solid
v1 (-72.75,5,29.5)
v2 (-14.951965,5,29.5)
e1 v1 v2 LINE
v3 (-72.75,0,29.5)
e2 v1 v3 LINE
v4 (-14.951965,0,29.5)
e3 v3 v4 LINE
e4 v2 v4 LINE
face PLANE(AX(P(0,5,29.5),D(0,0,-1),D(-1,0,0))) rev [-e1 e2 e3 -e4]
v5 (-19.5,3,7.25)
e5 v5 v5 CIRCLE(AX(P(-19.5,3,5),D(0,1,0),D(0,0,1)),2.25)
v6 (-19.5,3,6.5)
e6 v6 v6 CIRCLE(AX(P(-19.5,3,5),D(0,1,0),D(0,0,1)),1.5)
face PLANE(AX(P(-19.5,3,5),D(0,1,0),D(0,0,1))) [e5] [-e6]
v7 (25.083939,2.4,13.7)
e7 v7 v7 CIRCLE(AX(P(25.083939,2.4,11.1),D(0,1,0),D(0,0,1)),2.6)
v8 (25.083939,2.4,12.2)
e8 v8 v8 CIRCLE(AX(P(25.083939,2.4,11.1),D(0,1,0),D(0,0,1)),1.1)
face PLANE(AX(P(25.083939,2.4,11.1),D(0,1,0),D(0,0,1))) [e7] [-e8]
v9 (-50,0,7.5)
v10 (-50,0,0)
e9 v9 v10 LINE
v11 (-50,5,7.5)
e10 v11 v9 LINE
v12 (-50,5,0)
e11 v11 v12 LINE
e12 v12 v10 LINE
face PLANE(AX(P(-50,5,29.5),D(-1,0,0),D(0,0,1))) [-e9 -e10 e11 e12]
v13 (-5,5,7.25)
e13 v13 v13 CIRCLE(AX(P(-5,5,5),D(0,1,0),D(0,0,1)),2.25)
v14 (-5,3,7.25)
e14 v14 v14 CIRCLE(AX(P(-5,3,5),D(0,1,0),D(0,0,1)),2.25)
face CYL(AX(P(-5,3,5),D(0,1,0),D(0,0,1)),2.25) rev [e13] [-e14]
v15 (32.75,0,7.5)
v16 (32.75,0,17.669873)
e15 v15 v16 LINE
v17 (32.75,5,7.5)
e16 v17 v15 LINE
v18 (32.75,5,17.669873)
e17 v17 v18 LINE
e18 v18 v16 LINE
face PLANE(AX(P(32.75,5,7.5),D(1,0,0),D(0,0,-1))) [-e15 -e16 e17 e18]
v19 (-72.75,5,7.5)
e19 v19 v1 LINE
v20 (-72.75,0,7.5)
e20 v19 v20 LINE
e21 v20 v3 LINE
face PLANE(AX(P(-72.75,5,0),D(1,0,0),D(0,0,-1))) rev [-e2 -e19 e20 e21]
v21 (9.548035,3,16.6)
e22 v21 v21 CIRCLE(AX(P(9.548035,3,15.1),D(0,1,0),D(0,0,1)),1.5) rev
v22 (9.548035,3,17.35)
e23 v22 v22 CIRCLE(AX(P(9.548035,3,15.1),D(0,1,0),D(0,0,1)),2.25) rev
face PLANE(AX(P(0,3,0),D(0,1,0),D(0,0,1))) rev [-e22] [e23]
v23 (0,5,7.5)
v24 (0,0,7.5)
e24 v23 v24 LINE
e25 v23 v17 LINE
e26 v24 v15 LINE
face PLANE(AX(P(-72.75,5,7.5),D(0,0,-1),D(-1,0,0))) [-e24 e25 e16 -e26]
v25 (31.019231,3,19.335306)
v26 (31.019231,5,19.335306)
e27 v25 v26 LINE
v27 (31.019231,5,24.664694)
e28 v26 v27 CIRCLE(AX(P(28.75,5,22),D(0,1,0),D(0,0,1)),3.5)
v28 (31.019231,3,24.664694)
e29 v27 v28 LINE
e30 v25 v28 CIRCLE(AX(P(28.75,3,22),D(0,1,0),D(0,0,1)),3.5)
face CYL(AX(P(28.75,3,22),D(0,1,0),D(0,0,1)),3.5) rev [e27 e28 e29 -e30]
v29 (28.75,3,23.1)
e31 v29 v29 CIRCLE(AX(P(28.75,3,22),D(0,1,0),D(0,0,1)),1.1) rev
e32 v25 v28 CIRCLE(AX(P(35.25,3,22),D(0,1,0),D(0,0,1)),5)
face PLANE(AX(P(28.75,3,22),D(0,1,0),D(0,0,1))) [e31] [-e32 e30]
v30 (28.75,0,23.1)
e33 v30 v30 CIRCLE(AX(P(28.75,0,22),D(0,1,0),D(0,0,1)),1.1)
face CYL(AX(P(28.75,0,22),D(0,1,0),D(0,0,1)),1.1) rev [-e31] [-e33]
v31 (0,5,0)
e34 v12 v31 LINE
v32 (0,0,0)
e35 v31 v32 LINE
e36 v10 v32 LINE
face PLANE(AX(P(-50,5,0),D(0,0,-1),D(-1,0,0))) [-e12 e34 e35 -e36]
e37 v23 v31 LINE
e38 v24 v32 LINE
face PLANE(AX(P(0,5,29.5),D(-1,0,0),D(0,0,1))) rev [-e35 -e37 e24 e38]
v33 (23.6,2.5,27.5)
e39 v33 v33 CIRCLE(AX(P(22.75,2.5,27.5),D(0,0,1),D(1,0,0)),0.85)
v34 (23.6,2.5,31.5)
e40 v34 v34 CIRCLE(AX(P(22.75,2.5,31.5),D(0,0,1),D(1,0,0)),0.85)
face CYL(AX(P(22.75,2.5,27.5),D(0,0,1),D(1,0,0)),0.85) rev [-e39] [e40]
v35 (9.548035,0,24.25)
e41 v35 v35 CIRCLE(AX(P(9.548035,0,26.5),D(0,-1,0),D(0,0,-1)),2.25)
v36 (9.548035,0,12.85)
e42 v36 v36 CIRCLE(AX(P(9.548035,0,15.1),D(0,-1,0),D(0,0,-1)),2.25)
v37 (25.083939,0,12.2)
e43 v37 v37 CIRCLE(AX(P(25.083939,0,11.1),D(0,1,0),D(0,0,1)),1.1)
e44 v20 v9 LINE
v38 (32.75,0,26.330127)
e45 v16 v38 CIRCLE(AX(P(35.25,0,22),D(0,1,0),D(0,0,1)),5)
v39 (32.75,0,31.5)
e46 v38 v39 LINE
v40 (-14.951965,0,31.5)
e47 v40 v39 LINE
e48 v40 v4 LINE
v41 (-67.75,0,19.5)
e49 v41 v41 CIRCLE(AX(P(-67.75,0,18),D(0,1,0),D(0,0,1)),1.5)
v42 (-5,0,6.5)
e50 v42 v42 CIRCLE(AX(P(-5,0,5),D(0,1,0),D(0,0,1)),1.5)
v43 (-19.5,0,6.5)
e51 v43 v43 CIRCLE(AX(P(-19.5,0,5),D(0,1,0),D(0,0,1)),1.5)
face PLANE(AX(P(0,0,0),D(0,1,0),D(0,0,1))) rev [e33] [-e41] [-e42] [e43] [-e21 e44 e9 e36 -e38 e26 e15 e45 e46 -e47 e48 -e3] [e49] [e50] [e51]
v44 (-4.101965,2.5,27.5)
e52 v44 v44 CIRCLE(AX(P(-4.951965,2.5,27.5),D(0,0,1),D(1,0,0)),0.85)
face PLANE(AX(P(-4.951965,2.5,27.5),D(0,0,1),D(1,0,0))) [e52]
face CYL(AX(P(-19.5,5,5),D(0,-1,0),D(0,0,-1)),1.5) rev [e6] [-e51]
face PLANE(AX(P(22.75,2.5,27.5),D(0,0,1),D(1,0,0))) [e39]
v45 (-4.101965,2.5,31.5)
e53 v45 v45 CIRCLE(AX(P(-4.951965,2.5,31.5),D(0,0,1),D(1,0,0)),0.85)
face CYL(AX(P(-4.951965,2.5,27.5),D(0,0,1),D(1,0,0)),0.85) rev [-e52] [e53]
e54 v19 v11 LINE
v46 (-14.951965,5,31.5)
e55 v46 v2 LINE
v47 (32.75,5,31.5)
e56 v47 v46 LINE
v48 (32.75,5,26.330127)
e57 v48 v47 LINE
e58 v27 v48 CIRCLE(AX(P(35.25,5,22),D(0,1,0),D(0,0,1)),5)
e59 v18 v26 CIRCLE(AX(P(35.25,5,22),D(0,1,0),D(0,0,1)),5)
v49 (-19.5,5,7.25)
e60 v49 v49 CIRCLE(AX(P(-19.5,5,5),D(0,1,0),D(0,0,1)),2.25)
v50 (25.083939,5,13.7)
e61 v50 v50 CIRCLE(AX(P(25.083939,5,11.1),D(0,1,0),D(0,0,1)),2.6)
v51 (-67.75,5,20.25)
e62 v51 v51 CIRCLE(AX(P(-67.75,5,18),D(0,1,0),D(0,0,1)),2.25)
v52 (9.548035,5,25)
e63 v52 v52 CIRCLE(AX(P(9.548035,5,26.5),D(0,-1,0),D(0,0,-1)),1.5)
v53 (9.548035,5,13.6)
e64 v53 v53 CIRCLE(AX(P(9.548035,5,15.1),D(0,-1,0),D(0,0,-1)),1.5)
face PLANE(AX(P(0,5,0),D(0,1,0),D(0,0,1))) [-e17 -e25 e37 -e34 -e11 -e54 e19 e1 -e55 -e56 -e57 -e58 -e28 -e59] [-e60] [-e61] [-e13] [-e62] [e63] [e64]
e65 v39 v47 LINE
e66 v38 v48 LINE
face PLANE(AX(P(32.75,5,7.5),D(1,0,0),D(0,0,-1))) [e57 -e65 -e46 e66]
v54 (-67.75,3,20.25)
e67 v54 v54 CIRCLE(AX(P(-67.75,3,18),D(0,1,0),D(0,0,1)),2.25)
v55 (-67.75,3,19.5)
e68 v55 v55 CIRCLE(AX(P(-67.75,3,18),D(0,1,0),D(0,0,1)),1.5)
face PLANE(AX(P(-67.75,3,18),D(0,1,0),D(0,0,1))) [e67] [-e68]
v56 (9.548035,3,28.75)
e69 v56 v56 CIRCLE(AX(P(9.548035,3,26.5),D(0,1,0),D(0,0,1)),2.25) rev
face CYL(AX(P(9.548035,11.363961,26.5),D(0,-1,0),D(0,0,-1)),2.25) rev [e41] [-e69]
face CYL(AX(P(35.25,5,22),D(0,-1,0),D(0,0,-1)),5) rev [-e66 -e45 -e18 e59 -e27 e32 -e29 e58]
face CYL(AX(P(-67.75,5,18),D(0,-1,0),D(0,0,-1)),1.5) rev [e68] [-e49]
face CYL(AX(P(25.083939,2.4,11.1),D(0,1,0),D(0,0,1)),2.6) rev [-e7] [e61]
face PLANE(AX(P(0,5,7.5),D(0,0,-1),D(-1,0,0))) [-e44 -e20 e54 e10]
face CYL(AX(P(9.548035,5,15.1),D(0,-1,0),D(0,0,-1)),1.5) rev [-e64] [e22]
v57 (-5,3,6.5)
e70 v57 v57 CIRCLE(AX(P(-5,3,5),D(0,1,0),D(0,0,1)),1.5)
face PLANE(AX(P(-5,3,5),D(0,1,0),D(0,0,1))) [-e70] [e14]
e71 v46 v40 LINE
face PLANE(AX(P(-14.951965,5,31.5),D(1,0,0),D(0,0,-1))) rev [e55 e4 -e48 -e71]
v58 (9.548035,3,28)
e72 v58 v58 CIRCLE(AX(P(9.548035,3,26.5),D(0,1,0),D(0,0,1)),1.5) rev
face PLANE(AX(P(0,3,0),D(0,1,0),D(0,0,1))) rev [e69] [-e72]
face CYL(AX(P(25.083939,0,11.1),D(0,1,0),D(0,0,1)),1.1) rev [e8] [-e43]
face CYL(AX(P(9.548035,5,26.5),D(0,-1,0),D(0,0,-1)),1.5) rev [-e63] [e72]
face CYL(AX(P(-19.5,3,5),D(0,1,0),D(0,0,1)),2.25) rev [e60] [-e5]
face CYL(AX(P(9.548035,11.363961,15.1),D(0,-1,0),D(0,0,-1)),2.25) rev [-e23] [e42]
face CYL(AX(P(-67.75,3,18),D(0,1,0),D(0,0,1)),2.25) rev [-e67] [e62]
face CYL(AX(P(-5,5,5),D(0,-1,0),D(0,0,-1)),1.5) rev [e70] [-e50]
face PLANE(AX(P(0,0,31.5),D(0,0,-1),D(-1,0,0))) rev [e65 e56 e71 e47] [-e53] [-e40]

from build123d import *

# Parameters (mm, degrees)
EXTRUDE_1_DEPTH      = 5
SKETCH_1_20_R        = 1.5
CUT_EXTRUDE_2_DEPTH  = 79.662649968
CUT_EXTRUDE_START    = 5
SKETCH_1_22_R        = 2.25
CUT_EXTRUDE_3_DEPTH  = 2
SKETCH_1_23_R        = 2.6
CUT_EXTRUDE_4_DEPTH  = 2.6
SKETCH_1_24_R        = 1.1
CUT_EXTRUDE_6_DEPTH  = 84.662649968
SKETCH_4_R           = 1.5
CUT_EXTRUDE_7_DEPTH  = 79.662649968
SKETCH_4_3_R         = 2.25
CUT_EXTRUDE_8_DEPTH  = 3
SKETCH_5_W           = 47.701964887
SKETCH_5_H           = 5
EXTRUDE_2_DEPTH      = 2
SKETCH_6_R           = 0.85
CUT_EXTRUDE_9_DEPTH  = 4
SKETCH_1_25_R        = 5
CUT_EXTRUDE_12_DEPTH = 80.434328221
SKETCH_1_26_R        = 3.5
CUT_EXTRUDE_13_DEPTH = 2


with BuildPart() as part:
    # 草图1 → 凸台-拉伸1 (new body)
    with BuildSketch(Plane(origin=(0, 0, 0), x_dir=(1, 0, 0), z_dir=(0, 1, 0))):
        Polygon((-72.75, -7.5), (-72.75, -29.5), (32.75, -29.5), (32.75, -7.5), (0, -7.5), (0, 0), (-50, 0), (-50, -7.5), align=None)
    extrude(amount=EXTRUDE_1_DEPTH)

    # 草图1<20> → 切除-拉伸2 (cut, through all)
    with BuildSketch(Plane(origin=(0, 0, 0), x_dir=(1, 0, 0), z_dir=(0, 1, 0))):
        with Locations(Location((-19.5, -5, 0), (0, 0, 270))):
            Circle(SKETCH_1_20_R)
        with Locations(Location((-5, -5, 0), (0, 0, 270))):
            Circle(SKETCH_1_20_R)
        with Locations(Location((-67.75, -18, 0), (0, 0, 270))):
            Circle(SKETCH_1_20_R)
    extrude(amount=CUT_EXTRUDE_2_DEPTH, mode=Mode.SUBTRACT)

    # 草图1<22> → 切除-拉伸3 (cut)
    with BuildSketch(Plane(origin=(0, 0, 0), x_dir=(1, 0, 0), z_dir=(0, 1, 0)).offset(CUT_EXTRUDE_START)):
        with Locations(Location((-19.5, -5, 0), (0, 0, 270))):
            Circle(SKETCH_1_22_R)
        with Locations(Location((-5, -5, 0), (0, 0, 270))):
            Circle(SKETCH_1_22_R)
        with Locations(Location((-67.75, -18, 0), (0, 0, 270))):
            Circle(SKETCH_1_22_R)
    extrude(amount=-CUT_EXTRUDE_3_DEPTH, mode=Mode.SUBTRACT)

    # 草图1<23> → 切除-拉伸4 (cut)
    with BuildSketch(Plane(origin=(0, 0, 0), x_dir=(1, 0, 0), z_dir=(0, 1, 0)).offset(CUT_EXTRUDE_START)):
        with Locations(Location((25.083939444, -11.1, 0), (0, 0, 270))):
            Circle(SKETCH_1_23_R)
    extrude(amount=-CUT_EXTRUDE_4_DEPTH, mode=Mode.SUBTRACT)

    # 草图1<24> → 切除-拉伸6 (cut, through all)
    with BuildSketch(Plane(origin=(0, 0, 0), x_dir=(1, 0, 0), z_dir=(0, 1, 0)).offset(CUT_EXTRUDE_START)):
        with Locations(Location((28.75, -22, 0), (0, 0, 270))):
            Circle(SKETCH_1_24_R)
        with Locations(Location((25.083939444, -11.1, 0), (0, 0, 270))):
            Circle(SKETCH_1_24_R)
    extrude(amount=-CUT_EXTRUDE_6_DEPTH, mode=Mode.SUBTRACT)

    # 草图4 → 切除-拉伸7 (cut, through all)
    with BuildSketch(Plane.XZ):
        with Locations(Location((9.548035113, 15.1, 0), (0, 0, 270))):
            Circle(SKETCH_4_R)
        with Locations(Location((9.548035113, 26.5, 0), (0, 0, 270))):
            Circle(SKETCH_4_R)
    extrude(amount=-CUT_EXTRUDE_7_DEPTH, mode=Mode.SUBTRACT)

    # 草图4<3> → 切除-拉伸8 (cut)
    with BuildSketch(Plane.XZ):
        with Locations(Location((9.548035113, 15.1, 0), (0, 0, 270))):
            Circle(SKETCH_4_3_R)
        with Locations(Location((9.548035113, 26.5, 0), (0, 0, 270))):
            Circle(SKETCH_4_3_R)
    extrude(amount=-CUT_EXTRUDE_8_DEPTH, mode=Mode.SUBTRACT)

    # 草图5 → 凸台-拉伸2 (add)
    with BuildSketch(Plane.XY.offset(29.5)):
        with Locations((8.899017556, 2.5)):
            Rectangle(SKETCH_5_W, SKETCH_5_H)
    extrude(amount=EXTRUDE_2_DEPTH)

    # 草图6 → 切除-拉伸9 (cut)
    with BuildSketch(Plane.XY.offset(31.5)):
        with Locations((22.75, 2.5)):
            Circle(SKETCH_6_R)
        with Locations((-4.951964887, 2.5)):
            Circle(SKETCH_6_R)
    extrude(amount=-CUT_EXTRUDE_9_DEPTH, mode=Mode.SUBTRACT)

    # 草图1<25> → 切除-拉伸12 (cut, through all)
    with BuildSketch(Plane(origin=(0, 0, 0), x_dir=(1, 0, 0), z_dir=(0, 1, 0))):
        with Locations((35.25, -22)):
            Circle(SKETCH_1_25_R)
    extrude(amount=CUT_EXTRUDE_12_DEPTH, mode=Mode.SUBTRACT)

    # 草图1<26> → 切除-拉伸13 (cut)
    with BuildSketch(Plane(origin=(0, 0, 0), x_dir=(1, 0, 0), z_dir=(0, 1, 0)).offset(CUT_EXTRUDE_START)):
        with Locations((28.75, -22)):
            Circle(SKETCH_1_26_R)
    extrude(amount=-CUT_EXTRUDE_13_DEPTH, mode=Mode.SUBTRACT)


solid = part.part
